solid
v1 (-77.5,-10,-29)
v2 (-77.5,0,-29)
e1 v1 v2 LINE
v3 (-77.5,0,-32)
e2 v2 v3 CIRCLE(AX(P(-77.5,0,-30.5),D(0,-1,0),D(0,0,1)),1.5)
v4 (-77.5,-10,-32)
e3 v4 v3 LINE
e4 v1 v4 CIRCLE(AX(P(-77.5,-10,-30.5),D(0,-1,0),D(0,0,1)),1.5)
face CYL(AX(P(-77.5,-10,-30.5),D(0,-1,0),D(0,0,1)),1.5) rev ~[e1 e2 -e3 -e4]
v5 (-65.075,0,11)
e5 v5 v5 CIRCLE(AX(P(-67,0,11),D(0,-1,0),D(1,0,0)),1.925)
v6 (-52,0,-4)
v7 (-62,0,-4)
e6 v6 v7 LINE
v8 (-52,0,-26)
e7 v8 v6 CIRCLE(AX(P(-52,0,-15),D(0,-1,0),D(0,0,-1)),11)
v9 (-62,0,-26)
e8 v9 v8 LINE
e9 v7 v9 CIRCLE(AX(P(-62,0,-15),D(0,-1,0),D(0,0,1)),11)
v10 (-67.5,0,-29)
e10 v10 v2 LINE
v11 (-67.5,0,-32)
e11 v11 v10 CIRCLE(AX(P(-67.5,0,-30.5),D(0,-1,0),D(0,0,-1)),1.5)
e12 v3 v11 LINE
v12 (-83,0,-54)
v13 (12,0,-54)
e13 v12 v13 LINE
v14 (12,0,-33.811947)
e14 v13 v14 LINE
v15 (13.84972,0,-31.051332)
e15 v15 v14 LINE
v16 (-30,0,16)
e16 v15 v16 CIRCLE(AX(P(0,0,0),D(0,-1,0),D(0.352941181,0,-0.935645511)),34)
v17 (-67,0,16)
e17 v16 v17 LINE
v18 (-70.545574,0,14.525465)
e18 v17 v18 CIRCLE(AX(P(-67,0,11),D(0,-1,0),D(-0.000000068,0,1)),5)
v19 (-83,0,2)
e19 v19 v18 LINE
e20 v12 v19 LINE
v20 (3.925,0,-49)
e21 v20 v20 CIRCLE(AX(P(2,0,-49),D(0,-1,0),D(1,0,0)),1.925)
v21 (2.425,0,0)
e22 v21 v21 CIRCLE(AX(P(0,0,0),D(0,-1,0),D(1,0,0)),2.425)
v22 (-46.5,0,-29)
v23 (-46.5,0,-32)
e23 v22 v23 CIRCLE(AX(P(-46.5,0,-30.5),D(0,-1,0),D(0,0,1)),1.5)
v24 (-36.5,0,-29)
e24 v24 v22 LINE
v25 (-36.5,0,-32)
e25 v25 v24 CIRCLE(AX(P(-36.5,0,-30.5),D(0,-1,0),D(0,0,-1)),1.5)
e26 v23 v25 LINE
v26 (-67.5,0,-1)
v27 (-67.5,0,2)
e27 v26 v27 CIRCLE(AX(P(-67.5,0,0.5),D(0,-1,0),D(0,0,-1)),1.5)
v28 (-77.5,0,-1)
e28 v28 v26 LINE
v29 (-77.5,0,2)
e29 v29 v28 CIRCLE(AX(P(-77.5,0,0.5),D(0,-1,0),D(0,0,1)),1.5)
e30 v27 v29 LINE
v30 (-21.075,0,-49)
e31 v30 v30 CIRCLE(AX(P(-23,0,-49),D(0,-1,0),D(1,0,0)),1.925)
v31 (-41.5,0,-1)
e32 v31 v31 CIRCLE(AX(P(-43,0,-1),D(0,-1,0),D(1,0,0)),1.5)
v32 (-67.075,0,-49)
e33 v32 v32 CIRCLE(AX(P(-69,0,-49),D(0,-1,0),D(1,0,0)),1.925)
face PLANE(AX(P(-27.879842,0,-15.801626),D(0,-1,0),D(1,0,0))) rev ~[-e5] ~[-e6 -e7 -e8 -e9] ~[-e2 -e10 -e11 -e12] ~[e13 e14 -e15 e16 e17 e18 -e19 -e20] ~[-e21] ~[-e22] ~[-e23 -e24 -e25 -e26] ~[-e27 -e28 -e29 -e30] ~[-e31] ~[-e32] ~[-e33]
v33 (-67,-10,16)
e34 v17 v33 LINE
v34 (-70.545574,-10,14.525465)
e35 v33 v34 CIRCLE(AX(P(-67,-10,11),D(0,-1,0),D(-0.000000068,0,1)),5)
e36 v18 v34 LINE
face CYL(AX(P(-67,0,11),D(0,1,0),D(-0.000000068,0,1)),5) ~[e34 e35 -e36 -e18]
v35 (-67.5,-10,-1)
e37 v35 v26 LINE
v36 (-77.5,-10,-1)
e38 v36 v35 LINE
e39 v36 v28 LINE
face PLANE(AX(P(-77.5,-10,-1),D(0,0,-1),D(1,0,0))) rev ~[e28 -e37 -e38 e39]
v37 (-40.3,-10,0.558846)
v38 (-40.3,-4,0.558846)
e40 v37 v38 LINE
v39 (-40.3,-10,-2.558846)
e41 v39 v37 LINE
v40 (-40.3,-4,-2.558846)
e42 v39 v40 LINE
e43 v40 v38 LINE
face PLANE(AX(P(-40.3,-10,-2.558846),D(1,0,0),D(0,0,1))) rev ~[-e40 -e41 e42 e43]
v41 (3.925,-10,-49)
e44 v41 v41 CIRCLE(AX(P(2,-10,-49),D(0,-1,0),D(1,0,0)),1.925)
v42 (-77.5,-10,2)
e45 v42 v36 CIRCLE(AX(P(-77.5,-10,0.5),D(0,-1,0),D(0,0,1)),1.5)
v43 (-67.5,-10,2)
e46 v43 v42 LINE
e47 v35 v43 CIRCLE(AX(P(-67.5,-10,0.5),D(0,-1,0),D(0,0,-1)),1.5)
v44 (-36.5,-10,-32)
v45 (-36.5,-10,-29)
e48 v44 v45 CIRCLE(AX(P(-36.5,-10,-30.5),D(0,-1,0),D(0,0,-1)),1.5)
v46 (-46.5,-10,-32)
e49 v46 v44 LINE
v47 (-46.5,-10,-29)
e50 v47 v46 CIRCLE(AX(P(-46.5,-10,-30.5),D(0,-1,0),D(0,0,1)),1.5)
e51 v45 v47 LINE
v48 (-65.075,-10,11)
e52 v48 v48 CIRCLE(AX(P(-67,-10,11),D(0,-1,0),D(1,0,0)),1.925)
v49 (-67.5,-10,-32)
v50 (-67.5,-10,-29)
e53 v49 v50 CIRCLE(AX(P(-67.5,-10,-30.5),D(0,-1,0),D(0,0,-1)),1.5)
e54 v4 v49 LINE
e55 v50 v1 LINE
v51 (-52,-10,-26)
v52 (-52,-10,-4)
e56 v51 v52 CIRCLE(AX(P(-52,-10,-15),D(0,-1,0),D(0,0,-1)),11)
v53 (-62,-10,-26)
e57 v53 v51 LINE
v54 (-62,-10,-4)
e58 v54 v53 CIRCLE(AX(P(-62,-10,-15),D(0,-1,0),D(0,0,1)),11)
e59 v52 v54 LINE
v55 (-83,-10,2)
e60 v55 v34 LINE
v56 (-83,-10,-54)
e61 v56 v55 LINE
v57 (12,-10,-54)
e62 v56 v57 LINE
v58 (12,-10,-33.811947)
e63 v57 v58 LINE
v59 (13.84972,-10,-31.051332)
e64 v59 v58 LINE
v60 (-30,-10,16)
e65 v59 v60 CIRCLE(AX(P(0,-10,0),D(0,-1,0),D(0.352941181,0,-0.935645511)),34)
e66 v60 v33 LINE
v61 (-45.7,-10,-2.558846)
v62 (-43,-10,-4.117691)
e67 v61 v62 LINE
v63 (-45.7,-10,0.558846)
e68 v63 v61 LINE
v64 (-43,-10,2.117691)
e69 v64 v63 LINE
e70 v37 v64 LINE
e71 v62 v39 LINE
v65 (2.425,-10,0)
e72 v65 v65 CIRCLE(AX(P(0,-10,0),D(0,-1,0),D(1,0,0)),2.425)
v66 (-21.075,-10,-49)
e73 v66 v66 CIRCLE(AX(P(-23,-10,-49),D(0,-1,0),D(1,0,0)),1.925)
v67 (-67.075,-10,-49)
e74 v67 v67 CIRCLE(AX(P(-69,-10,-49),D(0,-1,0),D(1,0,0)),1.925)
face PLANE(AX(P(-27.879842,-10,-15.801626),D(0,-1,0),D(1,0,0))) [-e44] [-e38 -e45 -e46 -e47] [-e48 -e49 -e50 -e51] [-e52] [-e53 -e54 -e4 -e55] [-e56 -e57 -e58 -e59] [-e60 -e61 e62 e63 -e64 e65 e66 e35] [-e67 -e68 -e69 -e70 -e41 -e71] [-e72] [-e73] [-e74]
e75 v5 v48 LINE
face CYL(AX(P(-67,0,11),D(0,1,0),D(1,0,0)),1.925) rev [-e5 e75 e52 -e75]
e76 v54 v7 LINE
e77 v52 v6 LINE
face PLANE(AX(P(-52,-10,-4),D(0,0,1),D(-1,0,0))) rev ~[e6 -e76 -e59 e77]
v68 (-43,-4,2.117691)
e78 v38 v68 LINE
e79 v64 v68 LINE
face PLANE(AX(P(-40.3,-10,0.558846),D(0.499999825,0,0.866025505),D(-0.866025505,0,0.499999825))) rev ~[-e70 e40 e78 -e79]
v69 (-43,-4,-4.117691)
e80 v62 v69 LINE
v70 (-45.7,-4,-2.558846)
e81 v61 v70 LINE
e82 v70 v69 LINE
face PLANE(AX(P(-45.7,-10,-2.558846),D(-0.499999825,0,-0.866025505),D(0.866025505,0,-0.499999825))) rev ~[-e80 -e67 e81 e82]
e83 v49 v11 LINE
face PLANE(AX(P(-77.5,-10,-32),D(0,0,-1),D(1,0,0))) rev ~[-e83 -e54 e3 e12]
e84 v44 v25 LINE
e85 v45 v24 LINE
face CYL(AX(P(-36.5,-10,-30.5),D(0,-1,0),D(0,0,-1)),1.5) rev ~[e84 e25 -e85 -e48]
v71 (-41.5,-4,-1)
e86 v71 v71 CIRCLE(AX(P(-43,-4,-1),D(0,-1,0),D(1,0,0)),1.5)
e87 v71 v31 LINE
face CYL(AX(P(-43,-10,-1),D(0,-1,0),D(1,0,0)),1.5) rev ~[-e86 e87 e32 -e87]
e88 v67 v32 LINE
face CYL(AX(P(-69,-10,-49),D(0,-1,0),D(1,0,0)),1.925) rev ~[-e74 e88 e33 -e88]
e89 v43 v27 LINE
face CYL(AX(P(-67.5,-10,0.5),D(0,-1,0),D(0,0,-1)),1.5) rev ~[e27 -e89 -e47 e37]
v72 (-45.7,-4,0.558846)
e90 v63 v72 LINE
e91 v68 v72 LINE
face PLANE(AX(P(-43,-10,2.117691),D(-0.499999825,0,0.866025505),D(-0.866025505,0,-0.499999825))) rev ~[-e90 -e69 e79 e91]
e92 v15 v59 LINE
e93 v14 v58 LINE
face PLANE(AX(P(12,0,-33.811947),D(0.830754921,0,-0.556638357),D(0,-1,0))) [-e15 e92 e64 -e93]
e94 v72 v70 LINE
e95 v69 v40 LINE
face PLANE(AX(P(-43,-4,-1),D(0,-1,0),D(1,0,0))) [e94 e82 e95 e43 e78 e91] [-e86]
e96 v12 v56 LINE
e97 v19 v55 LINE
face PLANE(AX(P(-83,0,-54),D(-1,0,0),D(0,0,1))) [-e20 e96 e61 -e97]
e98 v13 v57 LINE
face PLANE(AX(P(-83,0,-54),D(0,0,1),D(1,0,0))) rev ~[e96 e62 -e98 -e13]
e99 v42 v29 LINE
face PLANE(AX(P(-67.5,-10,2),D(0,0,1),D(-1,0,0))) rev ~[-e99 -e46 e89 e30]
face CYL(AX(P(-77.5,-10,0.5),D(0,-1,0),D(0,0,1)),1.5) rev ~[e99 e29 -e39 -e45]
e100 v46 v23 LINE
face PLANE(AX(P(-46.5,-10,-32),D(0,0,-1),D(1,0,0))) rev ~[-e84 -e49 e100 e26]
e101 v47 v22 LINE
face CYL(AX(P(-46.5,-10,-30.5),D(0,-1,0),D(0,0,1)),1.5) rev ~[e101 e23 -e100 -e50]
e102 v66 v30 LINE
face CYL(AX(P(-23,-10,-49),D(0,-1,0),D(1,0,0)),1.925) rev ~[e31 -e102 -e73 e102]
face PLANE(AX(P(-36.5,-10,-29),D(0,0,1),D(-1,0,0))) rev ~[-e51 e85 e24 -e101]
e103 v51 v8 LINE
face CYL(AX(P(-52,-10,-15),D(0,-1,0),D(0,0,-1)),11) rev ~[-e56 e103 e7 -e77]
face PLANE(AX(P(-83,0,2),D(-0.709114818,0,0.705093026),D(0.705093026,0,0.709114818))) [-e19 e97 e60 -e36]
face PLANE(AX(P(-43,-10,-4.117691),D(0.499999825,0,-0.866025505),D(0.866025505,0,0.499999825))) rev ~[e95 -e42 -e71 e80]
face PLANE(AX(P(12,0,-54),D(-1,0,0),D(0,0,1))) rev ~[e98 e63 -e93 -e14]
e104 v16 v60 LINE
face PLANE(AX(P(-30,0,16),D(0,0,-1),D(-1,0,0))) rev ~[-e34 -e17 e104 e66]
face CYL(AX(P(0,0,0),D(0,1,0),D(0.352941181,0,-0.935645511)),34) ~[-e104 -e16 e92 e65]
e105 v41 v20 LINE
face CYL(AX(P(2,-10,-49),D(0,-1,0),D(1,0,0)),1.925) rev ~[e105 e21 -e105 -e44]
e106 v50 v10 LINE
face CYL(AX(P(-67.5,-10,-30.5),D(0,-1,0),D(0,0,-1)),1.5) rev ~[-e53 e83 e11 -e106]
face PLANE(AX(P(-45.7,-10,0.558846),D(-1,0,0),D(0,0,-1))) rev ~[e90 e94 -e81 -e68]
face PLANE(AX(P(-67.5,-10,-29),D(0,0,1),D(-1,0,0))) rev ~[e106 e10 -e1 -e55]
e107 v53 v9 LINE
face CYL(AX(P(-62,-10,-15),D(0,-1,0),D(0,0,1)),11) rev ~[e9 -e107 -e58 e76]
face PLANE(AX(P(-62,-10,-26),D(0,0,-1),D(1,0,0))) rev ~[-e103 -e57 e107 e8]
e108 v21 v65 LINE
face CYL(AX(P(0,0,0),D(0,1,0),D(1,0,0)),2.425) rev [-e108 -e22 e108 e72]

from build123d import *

# Parameters (mm, degrees)
SKETCH_R        = 2.425
SKETCH_R_2      = 1.925
PAD_DEPTH       = 10
POCKET_DEPTH    = 12
SKETCH002_R     = 1.925
POCKET001_DEPTH = 12
SKETCH003_R     = 1.5
POCKET002_DEPTH = 12
POCKET003_DEPTH = 6
CHAMFER_SIZE    = 2


with BuildPart() as part:
    # Sketch → Pad (new body)
    with BuildSketch(Plane.XZ):
        with BuildLine():
            ThreePointArc((12, -31.811947), (25.543993, 22.438904), (-30, 16))
            Line((-30, 16), (-67, 16))
            ThreePointArc((-67, 16), (-68.919984, 15.616672), (-70.545574, 14.525465))
            Line((-83, 2), (-70.545574, 14.525465))
            Line((-83, -54), (-83, 2))
            Line((-83, -54), (12, -54))
            Line((12, -54), (12, -31.811947))
        make_face()
        Circle(SKETCH_R, mode=Mode.SUBTRACT)
        with Locations((-67, 11)):
            Circle(SKETCH_R_2, mode=Mode.SUBTRACT)
    extrude(amount=PAD_DEPTH)

    # Sketch001 (on Face11 of Pad) → Pocket (cut)
    with BuildSketch(Plane.XZ.offset(10)):
        with BuildLine():
            ThreePointArc((-62, -4), (-73, -15), (-62, -26))
            Line((-62, -26), (-52, -26))
            ThreePointArc((-52, -26), (-41, -15), (-52, -4))
            Line((-52, -4), (-62, -4))
        make_face()
        with BuildLine():
            ThreePointArc((-77.5, 2), (-79, 0.5), (-77.5, -1))
            Line((-77.5, -1), (-67.5, -1))
            ThreePointArc((-67.5, -1), (-66, 0.5), (-67.5, 2))
            Line((-67.5, 2), (-77.5, 2))
        make_face()
        with BuildLine():
            ThreePointArc((-77.5, -29), (-79, -30.5), (-77.5, -32))
            Line((-77.5, -32), (-67.5, -32))
            ThreePointArc((-67.5, -32), (-66, -30.5), (-67.5, -29))
            Line((-67.5, -29), (-77.5, -29))
        make_face()
        with BuildLine():
            ThreePointArc((-46.5, -29), (-48, -30.5), (-46.5, -32))
            Line((-46.5, -32), (-36.5, -32))
            ThreePointArc((-36.5, -32), (-35, -30.5), (-36.5, -29))
            Line((-36.5, -29), (-46.5, -29))
        make_face()
    extrude(amount=-POCKET_DEPTH, mode=Mode.SUBTRACT)

    # Sketch002 (on Face5 of Pocket) → Pocket001 (cut)
    with BuildSketch(Plane.XZ.offset(10)):
        with Locations((-69, -49)):
            Circle(SKETCH002_R)
        with Locations((-23, -49)):
            Circle(SKETCH002_R)
        with Locations((2, -49)):
            Circle(SKETCH002_R)
    extrude(amount=-POCKET001_DEPTH, mode=Mode.SUBTRACT)

    # Sketch003 (on Face5 of Pocket001) → Pocket002 (cut)
    with BuildSketch(Plane.XZ.offset(10)):
        with Locations((-43, -1)):
            Circle(SKETCH003_R)
    extrude(amount=-POCKET002_DEPTH, mode=Mode.SUBTRACT)

    # Sketch004 (on Face5 of Pocket002) → Pocket003 (cut)
    with BuildSketch(Plane.XZ.offset(10)):
        Polygon((-43, -4.117691), (-40.3, -2.558846), (-40.3, 0.558846), (-43, 2.117691), (-45.7, 0.558846), (-45.7, -2.558846), align=None)
    extrude(amount=-POCKET003_DEPTH, mode=Mode.SUBTRACT)

    # Chamfer
    chamfer_edges = [part.edges().sort_by_distance(p)[0] for p in [
        (12, -5, -31.811947),
    ]]
    chamfer(chamfer_edges, length=CHAMFER_SIZE)


solid = part.part
